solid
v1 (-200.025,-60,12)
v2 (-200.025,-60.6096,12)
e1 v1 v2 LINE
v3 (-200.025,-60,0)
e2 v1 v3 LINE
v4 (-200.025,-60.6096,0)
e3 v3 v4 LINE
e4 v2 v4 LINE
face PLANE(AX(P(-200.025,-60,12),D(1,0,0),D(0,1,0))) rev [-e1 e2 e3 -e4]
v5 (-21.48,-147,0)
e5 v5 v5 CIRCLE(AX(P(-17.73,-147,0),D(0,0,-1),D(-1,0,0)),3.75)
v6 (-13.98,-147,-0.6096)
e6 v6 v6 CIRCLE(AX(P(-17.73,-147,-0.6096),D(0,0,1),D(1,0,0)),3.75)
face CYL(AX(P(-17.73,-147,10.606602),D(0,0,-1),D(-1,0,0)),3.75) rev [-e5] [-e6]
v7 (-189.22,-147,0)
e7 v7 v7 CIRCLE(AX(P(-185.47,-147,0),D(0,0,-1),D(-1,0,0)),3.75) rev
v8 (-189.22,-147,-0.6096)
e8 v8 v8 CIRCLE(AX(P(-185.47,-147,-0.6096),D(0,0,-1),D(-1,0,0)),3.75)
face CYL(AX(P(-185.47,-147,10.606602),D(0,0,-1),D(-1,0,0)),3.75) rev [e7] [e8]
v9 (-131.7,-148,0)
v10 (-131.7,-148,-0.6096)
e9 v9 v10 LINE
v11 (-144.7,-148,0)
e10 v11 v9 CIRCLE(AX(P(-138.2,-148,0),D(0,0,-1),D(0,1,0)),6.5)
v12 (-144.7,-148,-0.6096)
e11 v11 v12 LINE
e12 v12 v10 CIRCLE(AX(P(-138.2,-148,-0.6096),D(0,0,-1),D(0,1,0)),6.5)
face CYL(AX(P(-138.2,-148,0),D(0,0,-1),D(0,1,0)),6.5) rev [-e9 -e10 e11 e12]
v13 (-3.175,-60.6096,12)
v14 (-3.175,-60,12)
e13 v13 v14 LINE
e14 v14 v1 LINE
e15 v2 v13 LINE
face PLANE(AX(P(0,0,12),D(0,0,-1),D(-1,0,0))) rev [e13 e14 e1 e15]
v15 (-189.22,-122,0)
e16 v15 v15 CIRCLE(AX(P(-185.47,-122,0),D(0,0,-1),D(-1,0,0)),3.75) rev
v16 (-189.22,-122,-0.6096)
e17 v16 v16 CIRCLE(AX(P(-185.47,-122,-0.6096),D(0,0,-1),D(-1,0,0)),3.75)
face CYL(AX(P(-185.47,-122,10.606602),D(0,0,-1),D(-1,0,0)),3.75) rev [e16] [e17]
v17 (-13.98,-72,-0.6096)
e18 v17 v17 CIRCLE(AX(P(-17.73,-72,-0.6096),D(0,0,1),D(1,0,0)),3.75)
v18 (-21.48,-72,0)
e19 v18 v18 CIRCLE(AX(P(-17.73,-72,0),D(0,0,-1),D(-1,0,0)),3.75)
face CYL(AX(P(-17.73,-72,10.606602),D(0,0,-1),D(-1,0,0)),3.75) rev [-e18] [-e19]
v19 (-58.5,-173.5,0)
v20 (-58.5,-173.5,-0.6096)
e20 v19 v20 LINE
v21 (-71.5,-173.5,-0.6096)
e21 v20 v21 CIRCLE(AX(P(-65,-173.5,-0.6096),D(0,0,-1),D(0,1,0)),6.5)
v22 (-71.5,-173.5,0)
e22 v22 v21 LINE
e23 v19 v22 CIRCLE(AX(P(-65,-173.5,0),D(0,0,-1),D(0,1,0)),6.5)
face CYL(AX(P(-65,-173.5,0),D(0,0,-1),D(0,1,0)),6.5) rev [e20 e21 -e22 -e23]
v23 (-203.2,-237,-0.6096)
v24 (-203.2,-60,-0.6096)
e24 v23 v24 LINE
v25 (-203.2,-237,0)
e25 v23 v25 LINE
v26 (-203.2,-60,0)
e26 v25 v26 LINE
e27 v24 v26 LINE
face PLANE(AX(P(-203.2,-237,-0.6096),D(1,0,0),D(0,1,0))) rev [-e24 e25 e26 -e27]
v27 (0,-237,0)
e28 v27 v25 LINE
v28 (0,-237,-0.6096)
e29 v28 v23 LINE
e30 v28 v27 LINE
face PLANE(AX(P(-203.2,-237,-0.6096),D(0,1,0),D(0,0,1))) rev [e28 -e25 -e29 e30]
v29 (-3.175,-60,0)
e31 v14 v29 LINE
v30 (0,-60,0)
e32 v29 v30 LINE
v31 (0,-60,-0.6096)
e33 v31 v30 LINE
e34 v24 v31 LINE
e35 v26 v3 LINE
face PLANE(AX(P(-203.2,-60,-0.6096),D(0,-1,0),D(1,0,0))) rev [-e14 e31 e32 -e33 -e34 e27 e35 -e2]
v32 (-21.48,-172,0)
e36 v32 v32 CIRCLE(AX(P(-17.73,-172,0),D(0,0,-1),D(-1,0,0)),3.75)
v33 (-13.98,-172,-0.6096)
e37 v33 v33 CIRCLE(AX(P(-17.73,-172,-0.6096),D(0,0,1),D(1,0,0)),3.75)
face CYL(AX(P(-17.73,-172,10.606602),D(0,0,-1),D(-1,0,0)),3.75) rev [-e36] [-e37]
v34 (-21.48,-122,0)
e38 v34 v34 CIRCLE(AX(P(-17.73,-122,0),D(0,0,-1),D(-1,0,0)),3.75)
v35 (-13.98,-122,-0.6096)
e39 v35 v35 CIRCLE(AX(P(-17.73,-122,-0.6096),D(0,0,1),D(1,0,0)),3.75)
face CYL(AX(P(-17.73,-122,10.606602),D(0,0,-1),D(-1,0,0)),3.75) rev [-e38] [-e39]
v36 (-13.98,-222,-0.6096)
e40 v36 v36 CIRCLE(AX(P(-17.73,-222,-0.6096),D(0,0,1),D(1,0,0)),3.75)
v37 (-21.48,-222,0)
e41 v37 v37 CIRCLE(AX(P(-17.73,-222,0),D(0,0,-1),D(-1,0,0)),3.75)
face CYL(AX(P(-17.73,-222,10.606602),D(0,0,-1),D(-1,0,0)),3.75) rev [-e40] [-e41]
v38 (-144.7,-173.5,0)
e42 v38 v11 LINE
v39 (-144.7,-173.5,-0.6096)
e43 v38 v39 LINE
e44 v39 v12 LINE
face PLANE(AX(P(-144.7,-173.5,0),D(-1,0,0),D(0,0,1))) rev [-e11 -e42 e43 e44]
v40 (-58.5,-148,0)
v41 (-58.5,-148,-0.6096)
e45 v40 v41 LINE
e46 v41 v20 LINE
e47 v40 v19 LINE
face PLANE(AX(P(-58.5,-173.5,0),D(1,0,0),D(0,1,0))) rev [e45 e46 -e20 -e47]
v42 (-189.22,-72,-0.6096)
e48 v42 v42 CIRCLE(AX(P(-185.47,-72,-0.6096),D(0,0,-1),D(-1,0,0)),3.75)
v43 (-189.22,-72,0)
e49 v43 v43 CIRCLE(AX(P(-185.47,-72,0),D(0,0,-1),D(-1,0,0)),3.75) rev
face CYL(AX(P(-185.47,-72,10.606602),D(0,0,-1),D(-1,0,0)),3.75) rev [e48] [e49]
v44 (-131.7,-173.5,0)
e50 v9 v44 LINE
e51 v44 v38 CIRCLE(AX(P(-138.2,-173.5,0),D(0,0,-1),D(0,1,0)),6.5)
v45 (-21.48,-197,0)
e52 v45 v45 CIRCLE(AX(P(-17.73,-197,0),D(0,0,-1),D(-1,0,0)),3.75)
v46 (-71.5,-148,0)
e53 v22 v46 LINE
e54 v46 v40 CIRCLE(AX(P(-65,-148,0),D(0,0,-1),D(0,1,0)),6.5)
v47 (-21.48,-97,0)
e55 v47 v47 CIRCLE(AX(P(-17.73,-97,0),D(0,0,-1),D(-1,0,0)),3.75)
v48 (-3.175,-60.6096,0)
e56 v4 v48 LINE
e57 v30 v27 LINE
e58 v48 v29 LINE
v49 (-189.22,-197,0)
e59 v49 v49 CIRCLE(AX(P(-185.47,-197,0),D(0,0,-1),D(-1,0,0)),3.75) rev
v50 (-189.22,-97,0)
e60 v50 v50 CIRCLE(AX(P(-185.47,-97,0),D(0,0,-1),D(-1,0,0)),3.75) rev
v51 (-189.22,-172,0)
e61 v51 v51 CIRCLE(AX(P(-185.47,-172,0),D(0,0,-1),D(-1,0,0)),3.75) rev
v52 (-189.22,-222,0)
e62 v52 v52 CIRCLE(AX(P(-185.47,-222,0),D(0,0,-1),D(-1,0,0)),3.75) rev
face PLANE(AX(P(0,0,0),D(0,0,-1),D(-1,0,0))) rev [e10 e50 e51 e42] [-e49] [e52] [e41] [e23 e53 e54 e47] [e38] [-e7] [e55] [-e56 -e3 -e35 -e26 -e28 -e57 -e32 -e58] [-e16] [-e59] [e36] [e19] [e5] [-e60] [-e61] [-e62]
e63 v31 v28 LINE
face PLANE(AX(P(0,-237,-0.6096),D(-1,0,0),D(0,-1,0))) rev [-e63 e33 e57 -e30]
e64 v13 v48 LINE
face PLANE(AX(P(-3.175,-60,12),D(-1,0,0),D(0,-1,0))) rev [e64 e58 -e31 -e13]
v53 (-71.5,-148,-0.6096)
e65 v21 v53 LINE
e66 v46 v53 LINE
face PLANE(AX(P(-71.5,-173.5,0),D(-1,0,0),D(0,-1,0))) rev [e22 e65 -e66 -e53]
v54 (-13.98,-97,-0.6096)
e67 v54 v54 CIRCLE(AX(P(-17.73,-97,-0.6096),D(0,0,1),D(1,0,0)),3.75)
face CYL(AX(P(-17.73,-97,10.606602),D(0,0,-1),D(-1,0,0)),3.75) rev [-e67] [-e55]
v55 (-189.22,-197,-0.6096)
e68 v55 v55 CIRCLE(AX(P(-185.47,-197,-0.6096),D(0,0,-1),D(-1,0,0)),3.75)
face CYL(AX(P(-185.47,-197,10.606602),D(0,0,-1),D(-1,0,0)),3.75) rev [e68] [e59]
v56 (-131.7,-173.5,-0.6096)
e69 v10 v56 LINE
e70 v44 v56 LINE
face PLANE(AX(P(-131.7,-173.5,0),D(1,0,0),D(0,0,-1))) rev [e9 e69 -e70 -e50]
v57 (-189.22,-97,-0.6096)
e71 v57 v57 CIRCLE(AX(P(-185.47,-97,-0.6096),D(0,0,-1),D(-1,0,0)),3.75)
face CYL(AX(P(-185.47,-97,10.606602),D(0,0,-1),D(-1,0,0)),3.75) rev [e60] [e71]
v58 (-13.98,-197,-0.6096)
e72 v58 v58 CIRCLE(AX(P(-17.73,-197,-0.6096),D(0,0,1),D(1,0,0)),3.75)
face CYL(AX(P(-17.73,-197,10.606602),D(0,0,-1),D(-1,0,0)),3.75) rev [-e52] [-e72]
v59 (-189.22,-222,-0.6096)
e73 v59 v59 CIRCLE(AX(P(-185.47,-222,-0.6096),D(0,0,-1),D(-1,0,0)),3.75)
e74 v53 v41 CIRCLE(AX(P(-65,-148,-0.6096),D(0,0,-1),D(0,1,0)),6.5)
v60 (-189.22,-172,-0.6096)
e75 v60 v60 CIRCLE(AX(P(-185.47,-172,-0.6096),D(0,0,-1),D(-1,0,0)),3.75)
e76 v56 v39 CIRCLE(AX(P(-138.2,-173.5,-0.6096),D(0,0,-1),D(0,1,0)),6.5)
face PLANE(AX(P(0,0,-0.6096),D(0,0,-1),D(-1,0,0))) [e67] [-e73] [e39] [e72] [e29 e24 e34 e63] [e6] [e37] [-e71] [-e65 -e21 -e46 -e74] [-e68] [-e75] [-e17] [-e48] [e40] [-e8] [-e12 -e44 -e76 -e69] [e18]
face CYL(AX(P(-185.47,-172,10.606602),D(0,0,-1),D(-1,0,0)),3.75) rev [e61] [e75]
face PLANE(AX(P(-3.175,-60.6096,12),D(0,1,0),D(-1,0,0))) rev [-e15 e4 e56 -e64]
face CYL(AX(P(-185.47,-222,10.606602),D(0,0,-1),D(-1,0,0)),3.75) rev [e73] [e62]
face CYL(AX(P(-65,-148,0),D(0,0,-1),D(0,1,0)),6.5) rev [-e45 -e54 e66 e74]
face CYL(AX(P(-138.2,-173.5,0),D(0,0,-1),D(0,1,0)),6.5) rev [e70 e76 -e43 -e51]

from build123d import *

# Parameters (mm, degrees)
SKETCH1_W           = 203.2
SKETCH1_H           = 177
BOSS_EXTRUDE1_DEPTH = 0.6096
CUT_EXTRUDE7_DEPTH  = 313.185220041
SKETCH4_W           = 196.85
SKETCH4_H           = 0.6096
BOSS_EXTRUDE2_DEPTH = 12
SKETCH8_R           = 3.75
CUT_EXTRUDE8_DEPTH  = 0.6096


with BuildPart() as part:
    # Sketch1 → Boss-Extrude1 (new body)
    with BuildSketch(Plane(origin=(0, 0, 0), x_dir=(1, 0, 0), z_dir=(0, 0, -1))):
        with Locations((-101.6, 148.5)):
            Rectangle(SKETCH1_W, SKETCH1_H)
    extrude(amount=BOSS_EXTRUDE1_DEPTH)

    # Sketch2 → Cut-Extrude7 (cut, through all)
    with BuildSketch(Plane(origin=(0, 0, -0.6096), x_dir=(1, 0, 0), z_dir=(0, 0, -1))):
        with BuildLine():
            Line((-131.7, 173.5), (-131.7, 148))
            ThreePointArc((-131.7, 148), (-138.2, 141.5), (-144.7, 148))
            Line((-144.7, 148), (-144.7, 173.5))
            ThreePointArc((-144.7, 173.5), (-138.2, 180), (-131.7, 173.5))
        make_face()
        with BuildLine():
            Line((-58.5, 173.5), (-58.5, 148))
            ThreePointArc((-58.5, 148), (-65, 141.5), (-71.5, 148))
            Line((-71.5, 148), (-71.5, 173.5))
            ThreePointArc((-71.5, 173.5), (-65, 180), (-58.5, 173.5))
        make_face()
    extrude(amount=-CUT_EXTRUDE7_DEPTH, mode=Mode.SUBTRACT)

    # Sketch4 → Boss-Extrude2 (add)
    with BuildSketch(Plane.XY):
        with Locations((-101.6, -60.3048)):
            Rectangle(SKETCH4_W, SKETCH4_H)
    extrude(amount=BOSS_EXTRUDE2_DEPTH)

    # Sketch8 → Cut-Extrude8 (cut)
    with BuildSketch(Plane(origin=(0, 0, -0.6096), x_dir=(-1, 0, 0), z_dir=(0, 0, -1))):
        with Locations((185.47, -222)):
            Circle(SKETCH8_R)
        with Locations((185.47, -197)):
            Circle(SKETCH8_R)
        with Locations((185.47, -172)):
            Circle(SKETCH8_R)
        with Locations((185.47, -147)):
            Circle(SKETCH8_R)
        with Locations((185.47, -122)):
            Circle(SKETCH8_R)
        with Locations((185.47, -97)):
            Circle(SKETCH8_R)
        with Locations((185.47, -72)):
            Circle(SKETCH8_R)
    cut_extrude8 = extrude(amount=-CUT_EXTRUDE8_DEPTH, mode=Mode.SUBTRACT)

    # Mirror1: Cut-Extrude8 across plane
    add(cut_extrude8.mirror(Plane(origin=(-101.6, 0, 0), x_dir=(0, 0, 1), z_dir=(1, 0, 0))), mode=Mode.SUBTRACT)


solid = part.part
